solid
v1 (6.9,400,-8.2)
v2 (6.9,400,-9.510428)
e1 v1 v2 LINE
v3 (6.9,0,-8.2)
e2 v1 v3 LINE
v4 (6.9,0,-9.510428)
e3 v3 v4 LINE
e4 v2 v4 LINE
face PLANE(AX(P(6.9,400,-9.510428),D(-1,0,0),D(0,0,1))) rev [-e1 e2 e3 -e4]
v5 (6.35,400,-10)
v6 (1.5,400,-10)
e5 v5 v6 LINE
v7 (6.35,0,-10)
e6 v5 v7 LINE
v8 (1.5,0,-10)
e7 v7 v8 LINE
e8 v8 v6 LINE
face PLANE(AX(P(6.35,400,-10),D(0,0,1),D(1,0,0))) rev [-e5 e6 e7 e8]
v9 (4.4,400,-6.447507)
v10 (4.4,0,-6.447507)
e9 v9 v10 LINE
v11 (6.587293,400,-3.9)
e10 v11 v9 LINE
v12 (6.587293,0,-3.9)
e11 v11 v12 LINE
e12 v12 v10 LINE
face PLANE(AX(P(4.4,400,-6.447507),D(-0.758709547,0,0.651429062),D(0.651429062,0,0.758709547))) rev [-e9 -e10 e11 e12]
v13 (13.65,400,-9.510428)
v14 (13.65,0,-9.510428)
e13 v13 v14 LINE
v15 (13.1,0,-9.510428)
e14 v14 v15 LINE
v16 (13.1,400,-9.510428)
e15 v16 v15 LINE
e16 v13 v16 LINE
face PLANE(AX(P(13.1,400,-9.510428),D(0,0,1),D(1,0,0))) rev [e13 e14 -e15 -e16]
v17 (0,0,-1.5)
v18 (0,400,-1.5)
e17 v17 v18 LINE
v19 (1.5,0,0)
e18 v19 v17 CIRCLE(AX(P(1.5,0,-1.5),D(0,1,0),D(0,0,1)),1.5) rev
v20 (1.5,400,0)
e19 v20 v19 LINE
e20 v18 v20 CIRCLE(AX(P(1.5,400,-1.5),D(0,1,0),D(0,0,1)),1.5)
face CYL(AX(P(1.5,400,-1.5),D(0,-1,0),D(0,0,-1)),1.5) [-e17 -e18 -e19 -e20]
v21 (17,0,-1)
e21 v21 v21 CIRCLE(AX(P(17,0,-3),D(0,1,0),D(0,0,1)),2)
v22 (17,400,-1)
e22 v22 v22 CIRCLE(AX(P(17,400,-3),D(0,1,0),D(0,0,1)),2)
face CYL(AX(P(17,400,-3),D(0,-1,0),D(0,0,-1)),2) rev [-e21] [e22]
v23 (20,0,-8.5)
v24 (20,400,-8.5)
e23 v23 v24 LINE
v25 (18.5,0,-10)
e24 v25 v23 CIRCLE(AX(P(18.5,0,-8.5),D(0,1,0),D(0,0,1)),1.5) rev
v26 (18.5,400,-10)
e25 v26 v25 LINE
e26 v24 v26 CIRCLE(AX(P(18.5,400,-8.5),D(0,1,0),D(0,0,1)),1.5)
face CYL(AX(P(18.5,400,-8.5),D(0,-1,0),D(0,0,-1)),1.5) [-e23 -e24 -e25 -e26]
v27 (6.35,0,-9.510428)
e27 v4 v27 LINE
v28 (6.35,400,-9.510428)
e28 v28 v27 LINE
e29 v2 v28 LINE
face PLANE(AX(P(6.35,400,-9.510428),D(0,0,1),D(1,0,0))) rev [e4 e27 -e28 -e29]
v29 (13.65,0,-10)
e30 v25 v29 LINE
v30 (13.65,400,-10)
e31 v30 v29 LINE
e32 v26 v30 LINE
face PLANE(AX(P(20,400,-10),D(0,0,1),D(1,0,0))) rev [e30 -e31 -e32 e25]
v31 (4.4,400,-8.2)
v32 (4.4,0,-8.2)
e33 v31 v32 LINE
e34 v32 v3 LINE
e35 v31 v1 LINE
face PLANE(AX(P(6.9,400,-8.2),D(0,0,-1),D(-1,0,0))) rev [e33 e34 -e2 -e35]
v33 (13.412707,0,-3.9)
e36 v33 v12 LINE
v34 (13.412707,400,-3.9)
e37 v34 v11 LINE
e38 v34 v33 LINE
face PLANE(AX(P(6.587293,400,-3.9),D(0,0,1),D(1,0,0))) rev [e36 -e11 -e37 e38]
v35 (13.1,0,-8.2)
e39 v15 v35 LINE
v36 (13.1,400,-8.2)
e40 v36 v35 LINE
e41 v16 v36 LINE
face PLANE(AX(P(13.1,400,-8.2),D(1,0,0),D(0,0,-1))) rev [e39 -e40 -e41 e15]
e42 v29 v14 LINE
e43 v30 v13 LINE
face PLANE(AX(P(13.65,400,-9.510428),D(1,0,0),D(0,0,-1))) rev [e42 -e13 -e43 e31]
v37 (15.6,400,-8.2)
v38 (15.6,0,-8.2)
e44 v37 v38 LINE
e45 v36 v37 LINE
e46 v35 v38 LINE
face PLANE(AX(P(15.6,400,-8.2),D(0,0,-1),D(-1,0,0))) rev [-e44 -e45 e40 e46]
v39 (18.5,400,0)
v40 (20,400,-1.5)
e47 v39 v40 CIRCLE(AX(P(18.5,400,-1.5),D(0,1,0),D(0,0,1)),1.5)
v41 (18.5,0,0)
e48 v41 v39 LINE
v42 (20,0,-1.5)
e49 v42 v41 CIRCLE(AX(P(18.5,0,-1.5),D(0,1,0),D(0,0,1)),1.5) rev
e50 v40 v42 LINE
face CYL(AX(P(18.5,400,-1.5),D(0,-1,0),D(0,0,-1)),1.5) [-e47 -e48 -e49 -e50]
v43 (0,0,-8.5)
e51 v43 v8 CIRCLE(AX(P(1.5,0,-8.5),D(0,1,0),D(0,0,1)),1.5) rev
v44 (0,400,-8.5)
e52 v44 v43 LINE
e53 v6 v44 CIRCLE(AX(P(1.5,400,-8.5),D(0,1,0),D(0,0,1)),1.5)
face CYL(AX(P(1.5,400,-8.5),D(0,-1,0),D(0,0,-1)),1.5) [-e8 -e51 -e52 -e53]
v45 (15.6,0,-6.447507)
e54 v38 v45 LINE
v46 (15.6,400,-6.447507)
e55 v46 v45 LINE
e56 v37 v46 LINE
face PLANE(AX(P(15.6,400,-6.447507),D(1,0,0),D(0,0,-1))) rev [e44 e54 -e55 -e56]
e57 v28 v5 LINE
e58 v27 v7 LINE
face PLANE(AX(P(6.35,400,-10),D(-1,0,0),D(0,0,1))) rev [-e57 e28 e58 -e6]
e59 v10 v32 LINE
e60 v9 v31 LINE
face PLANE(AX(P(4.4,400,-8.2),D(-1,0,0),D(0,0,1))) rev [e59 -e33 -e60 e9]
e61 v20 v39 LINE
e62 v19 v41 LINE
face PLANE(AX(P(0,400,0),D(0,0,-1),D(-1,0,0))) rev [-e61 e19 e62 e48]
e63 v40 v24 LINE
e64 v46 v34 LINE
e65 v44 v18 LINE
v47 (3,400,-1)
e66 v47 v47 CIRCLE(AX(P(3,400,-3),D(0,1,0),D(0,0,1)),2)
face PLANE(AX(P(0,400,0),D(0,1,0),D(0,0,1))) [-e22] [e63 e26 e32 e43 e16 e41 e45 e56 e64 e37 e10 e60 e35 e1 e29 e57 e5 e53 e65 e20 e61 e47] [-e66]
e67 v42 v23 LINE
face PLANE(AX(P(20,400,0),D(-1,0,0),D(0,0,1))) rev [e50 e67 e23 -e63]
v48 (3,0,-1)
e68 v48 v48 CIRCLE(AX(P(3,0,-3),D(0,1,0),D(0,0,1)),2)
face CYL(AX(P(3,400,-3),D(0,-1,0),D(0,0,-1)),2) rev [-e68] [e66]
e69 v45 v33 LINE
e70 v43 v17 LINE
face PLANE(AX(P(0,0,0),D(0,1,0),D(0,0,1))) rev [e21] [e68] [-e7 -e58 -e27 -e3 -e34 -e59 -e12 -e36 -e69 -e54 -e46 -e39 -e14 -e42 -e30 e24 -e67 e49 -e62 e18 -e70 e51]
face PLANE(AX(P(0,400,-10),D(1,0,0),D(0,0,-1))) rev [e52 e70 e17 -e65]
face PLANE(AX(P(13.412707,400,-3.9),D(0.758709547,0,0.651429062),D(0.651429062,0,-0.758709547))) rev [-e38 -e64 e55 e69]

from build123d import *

# Parameters (mm, degrees)
SKETCH_1_R      = 2
EXTRUDE_1_DEPTH = 400
FILLET_1_R      = 1.5


with BuildPart() as part:
    # 草图1 → 凸台-拉伸1 (new body)
    with BuildSketch(Plane(origin=(0, 0, 0), x_dir=(1, 0, 0), z_dir=(0, 1, 0))):
        Polygon((0, 0), (20, 0), (20, 10), (13.65, 10), (13.65, 9.510427602), (13.1, 9.510427602), (13.1, 8.2), (15.6, 8.2), (15.6, 6.447507136), (13.412706863, 3.9), (6.587293137, 3.9), (4.4, 6.447507136), (4.4, 8.2), (6.9, 8.2), (6.9, 9.510427602), (6.35, 9.510427602), (6.35, 10), (0, 10), align=None)
        with Locations(Location((3, 3, 0), (0, 0, 270))):
            Circle(SKETCH_1_R, mode=Mode.SUBTRACT)
        with Locations(Location((17, 3, 0), (0, 0, 270))):
            Circle(SKETCH_1_R, mode=Mode.SUBTRACT)
    extrude(amount=EXTRUDE_1_DEPTH)

    # 圆角1
    fillet_1_edges = [part.edges().sort_by_distance(p)[0] for p in [
        (0, 200, -10),
        (20, 200, -10),
        (20, 200, 0),
        (0, 200, 0),
    ]]
    fillet(fillet_1_edges, radius=FILLET_1_R)


solid = part.part
